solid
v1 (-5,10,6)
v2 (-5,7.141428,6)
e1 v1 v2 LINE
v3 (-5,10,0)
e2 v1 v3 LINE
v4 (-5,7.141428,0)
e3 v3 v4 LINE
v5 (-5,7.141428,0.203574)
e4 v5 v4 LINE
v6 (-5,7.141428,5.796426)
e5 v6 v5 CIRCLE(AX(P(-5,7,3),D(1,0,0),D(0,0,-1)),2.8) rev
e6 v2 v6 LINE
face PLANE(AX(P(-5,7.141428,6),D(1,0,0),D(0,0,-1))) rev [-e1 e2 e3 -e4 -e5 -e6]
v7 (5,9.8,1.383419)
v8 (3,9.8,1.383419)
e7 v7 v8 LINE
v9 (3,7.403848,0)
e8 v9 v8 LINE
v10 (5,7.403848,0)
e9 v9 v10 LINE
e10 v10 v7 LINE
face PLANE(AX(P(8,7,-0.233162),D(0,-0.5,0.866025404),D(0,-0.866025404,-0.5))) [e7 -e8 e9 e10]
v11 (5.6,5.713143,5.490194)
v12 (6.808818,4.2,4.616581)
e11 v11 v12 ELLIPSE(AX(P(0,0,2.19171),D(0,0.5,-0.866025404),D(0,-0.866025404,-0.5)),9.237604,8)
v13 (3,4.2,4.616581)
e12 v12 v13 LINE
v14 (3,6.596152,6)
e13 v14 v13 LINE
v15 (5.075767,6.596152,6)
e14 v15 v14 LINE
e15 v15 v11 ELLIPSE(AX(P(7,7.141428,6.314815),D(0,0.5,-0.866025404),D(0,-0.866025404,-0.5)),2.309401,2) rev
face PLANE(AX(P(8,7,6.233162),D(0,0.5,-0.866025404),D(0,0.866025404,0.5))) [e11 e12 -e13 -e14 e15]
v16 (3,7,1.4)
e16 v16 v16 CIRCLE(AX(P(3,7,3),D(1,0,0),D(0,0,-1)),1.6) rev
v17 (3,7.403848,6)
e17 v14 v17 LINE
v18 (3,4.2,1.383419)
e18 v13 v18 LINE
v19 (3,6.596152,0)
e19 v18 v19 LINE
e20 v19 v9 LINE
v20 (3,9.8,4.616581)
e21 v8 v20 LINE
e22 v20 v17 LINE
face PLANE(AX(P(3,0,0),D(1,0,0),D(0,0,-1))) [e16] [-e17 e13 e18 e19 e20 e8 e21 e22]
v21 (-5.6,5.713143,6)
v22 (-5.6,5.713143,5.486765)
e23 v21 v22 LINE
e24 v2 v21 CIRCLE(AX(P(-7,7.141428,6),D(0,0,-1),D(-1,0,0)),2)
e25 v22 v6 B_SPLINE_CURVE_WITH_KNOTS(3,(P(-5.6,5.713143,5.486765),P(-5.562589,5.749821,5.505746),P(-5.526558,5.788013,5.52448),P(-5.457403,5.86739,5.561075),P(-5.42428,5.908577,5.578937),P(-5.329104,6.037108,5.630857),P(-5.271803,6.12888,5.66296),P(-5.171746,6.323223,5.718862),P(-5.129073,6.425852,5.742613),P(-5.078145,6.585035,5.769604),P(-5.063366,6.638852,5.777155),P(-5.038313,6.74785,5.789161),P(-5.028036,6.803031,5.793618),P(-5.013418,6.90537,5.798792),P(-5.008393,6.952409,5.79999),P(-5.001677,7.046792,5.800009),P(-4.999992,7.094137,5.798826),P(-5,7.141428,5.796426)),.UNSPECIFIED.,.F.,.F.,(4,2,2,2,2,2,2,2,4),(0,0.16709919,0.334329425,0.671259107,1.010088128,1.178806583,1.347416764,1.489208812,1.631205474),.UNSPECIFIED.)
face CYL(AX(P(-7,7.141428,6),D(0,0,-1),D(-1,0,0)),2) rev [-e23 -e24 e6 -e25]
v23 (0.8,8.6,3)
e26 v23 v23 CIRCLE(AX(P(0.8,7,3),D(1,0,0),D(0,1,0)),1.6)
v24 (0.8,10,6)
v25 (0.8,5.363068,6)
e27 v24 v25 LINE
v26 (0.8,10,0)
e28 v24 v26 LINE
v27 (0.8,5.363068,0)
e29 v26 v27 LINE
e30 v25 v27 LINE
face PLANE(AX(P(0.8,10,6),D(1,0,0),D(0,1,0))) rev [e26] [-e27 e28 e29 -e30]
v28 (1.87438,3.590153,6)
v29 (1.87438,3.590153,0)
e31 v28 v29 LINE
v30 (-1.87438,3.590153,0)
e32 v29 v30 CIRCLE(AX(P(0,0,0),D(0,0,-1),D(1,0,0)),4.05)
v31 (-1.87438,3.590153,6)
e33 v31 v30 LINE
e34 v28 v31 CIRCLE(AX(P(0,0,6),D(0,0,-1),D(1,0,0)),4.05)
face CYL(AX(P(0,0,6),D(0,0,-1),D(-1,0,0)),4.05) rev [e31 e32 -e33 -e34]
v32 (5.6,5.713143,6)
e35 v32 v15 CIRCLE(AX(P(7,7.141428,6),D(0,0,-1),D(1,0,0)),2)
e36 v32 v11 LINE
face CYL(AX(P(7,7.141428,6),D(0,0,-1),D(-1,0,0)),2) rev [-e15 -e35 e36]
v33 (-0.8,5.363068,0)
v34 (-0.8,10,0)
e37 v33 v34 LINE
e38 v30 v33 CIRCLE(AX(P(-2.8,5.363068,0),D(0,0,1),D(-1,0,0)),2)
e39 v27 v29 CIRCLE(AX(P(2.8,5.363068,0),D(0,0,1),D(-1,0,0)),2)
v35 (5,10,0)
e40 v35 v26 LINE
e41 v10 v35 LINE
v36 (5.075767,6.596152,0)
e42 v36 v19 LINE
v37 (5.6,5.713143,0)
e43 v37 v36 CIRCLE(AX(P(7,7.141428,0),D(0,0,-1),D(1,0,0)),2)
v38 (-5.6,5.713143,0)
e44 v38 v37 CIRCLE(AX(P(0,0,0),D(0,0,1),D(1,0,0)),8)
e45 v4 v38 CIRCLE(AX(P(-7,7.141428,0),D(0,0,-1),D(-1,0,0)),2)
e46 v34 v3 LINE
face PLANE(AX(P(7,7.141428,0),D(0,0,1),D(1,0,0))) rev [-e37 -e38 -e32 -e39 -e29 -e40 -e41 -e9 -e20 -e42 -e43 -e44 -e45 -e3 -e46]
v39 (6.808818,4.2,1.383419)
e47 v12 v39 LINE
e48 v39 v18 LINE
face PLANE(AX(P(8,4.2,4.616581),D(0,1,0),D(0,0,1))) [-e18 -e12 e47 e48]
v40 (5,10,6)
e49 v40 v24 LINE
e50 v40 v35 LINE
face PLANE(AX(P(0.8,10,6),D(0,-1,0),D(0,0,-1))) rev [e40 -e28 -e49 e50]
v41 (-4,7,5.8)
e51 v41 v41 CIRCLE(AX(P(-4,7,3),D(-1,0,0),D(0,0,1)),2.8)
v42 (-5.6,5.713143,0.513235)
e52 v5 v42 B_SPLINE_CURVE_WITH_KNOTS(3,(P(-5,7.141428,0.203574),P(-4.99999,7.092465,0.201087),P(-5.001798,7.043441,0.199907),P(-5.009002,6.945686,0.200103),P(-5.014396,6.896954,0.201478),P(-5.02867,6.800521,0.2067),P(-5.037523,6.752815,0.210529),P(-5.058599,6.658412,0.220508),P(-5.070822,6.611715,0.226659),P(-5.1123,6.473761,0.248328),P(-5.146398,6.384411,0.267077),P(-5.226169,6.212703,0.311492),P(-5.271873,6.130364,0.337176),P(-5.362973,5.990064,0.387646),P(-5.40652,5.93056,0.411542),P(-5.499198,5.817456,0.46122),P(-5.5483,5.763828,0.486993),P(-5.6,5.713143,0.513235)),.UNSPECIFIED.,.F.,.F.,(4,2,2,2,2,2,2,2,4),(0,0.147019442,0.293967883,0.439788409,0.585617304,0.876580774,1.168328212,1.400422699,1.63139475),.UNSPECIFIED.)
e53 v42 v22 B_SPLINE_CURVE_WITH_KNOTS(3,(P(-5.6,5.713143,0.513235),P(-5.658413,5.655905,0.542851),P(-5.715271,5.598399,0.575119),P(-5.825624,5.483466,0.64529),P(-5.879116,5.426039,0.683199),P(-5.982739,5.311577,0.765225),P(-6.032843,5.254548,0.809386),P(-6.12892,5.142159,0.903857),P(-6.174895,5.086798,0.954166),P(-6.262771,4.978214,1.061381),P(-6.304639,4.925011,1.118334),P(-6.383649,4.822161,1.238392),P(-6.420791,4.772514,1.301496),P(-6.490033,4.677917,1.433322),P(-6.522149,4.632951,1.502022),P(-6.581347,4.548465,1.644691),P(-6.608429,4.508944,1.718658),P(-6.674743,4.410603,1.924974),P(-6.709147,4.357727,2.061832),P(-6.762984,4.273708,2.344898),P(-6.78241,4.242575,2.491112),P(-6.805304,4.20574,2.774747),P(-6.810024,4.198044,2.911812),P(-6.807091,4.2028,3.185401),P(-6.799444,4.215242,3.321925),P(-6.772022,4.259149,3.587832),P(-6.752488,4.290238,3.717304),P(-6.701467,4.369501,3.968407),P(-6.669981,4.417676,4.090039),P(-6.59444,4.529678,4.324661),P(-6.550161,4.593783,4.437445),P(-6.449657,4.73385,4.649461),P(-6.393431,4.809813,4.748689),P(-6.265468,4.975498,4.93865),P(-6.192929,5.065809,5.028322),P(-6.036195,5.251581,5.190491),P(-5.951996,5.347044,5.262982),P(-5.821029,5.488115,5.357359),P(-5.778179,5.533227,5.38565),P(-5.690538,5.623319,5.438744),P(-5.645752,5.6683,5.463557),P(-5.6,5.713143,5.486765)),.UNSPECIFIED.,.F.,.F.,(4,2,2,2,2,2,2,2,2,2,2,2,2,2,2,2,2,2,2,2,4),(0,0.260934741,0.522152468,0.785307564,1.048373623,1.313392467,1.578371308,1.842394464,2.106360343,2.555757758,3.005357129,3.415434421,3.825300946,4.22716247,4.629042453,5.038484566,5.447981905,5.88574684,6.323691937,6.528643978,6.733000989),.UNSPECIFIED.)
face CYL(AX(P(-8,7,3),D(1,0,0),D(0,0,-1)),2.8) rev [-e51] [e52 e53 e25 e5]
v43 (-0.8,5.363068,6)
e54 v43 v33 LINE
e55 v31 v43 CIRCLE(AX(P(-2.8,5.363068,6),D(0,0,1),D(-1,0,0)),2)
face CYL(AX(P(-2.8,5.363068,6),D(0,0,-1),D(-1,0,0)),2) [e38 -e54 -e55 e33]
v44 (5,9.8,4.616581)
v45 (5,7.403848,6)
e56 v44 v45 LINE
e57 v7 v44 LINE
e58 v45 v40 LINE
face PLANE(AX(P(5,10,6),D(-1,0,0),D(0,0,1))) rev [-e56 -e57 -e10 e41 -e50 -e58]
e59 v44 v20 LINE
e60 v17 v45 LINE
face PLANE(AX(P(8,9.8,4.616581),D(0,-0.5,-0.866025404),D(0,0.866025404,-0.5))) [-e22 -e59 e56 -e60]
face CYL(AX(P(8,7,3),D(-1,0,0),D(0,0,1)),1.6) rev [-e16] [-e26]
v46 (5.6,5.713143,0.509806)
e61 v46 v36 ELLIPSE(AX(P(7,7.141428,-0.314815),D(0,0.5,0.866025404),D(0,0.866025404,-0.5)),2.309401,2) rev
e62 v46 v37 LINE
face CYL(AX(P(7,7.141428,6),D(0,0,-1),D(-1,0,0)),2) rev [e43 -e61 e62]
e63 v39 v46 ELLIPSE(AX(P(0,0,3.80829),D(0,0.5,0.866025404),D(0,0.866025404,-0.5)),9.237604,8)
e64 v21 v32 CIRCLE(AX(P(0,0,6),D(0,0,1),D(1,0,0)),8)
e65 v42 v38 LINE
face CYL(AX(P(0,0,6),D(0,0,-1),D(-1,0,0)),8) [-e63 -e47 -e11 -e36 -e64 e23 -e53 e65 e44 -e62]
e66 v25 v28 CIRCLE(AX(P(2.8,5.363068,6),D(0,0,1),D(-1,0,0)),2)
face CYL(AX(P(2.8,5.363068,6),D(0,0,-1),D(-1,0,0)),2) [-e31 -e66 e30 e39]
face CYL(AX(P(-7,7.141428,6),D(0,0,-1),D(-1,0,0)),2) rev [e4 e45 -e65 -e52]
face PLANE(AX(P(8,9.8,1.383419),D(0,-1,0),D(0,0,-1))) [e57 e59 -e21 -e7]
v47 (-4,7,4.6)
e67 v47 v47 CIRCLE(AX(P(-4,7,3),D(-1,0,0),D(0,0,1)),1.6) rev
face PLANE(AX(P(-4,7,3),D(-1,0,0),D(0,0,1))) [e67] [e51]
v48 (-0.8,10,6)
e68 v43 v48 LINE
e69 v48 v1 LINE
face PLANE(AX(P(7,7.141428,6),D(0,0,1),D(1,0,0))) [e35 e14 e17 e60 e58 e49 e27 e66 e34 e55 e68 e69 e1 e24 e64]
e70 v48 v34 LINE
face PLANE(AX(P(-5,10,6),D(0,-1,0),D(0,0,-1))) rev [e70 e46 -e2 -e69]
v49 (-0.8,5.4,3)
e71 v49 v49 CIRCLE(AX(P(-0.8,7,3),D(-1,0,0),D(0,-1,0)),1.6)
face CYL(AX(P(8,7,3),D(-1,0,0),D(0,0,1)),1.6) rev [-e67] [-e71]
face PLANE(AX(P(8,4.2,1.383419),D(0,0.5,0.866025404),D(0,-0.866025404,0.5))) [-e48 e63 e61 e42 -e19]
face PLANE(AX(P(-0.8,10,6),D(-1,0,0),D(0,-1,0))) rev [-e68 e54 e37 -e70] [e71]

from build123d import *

# Parameters (mm, degrees)
EXTRUDE_1_DEPTH          = 6
CUT_EXTRUDE_1_DEPTH      = 18.464249197
CUT_EXTRUDE_1_DEPTH_BACK = 18.464249197
SKETCH_2_R               = 1.6
SKETCH_3_R               = 2.8
CUT_EXTRUDE_2_DEPTH      = 17.733200638
CUT_EXTRUDE_3_DEPTH      = 17.031219648


with BuildPart() as part:
    # 草图1 → 凸台-拉伸1 (new body)
    with BuildSketch(Plane.XY):
        with BuildLine():
            Line((-5, 7.141428429), (-5, 10))
            Line((-5, 10), (-0.8, 10))
            Line((-0.8, 10), (-0.8, 5.363068152))
            ThreePointArc((-0.8, 5.363068152), (-1.089555662, 4.326545038), (-1.874380165, 3.59015306))
            ThreePointArc((-1.874380165, 3.59015306), (0, -4.05), (1.874380165, 3.59015306))
            ThreePointArc((1.874380165, 3.59015306), (1.089555662, 4.326545038), (0.8, 5.363068152))
            Line((0.8, 5.363068152), (0.8, 10))
            Line((0.8, 10), (5, 10))
            Line((5, 10), (5, 7.141428429))
            ThreePointArc((5, 7.141428429), (5.156091109, 6.366831759), (5.6, 5.713142743))
            ThreePointArc((5.6, 5.713142743), (0, -8), (-5.6, 5.713142743))
            ThreePointArc((-5.6, 5.713142743), (-5.156091109, 6.366831759), (-5, 7.141428429))
        make_face()
    extrude(amount=EXTRUDE_1_DEPTH)

    # 草图2 → 切除-拉伸1 (cut, two sides: drawn at the far end of the back side and taken through both)
    with BuildSketch(Plane.ZY.offset(5).offset(-CUT_EXTRUDE_1_DEPTH_BACK)):
        with Locations(Location((3, 7, 0), (0, 0, 5.071150936))):
            Circle(SKETCH_2_R)
    extrude(amount=CUT_EXTRUDE_1_DEPTH + CUT_EXTRUDE_1_DEPTH_BACK, mode=Mode.SUBTRACT)

    # 草图3 → 切除-拉伸2 (cut, through all)
    with BuildSketch(Plane.ZY.offset(4)):
        with Locations(Location((3, 7, 0), (0, 0, 177.10474942))):
            Circle(SKETCH_3_R)
    extrude(amount=CUT_EXTRUDE_2_DEPTH, mode=Mode.SUBTRACT)

    # 草图4 → 切除-拉伸3 (cut, through all)
    with BuildSketch(Plane(origin=(3, 0, 0), x_dir=(0, 0, -1), z_dir=(1, 0, 0))):
        Polygon((0.233161507, 7), (-1.383419246, 9.8), (-4.616580754, 9.8), (-6.233161507, 7), (-4.616580754, 4.2), (-1.383419246, 4.2), align=None)
    extrude(amount=CUT_EXTRUDE_3_DEPTH, mode=Mode.SUBTRACT)


solid = part.part
